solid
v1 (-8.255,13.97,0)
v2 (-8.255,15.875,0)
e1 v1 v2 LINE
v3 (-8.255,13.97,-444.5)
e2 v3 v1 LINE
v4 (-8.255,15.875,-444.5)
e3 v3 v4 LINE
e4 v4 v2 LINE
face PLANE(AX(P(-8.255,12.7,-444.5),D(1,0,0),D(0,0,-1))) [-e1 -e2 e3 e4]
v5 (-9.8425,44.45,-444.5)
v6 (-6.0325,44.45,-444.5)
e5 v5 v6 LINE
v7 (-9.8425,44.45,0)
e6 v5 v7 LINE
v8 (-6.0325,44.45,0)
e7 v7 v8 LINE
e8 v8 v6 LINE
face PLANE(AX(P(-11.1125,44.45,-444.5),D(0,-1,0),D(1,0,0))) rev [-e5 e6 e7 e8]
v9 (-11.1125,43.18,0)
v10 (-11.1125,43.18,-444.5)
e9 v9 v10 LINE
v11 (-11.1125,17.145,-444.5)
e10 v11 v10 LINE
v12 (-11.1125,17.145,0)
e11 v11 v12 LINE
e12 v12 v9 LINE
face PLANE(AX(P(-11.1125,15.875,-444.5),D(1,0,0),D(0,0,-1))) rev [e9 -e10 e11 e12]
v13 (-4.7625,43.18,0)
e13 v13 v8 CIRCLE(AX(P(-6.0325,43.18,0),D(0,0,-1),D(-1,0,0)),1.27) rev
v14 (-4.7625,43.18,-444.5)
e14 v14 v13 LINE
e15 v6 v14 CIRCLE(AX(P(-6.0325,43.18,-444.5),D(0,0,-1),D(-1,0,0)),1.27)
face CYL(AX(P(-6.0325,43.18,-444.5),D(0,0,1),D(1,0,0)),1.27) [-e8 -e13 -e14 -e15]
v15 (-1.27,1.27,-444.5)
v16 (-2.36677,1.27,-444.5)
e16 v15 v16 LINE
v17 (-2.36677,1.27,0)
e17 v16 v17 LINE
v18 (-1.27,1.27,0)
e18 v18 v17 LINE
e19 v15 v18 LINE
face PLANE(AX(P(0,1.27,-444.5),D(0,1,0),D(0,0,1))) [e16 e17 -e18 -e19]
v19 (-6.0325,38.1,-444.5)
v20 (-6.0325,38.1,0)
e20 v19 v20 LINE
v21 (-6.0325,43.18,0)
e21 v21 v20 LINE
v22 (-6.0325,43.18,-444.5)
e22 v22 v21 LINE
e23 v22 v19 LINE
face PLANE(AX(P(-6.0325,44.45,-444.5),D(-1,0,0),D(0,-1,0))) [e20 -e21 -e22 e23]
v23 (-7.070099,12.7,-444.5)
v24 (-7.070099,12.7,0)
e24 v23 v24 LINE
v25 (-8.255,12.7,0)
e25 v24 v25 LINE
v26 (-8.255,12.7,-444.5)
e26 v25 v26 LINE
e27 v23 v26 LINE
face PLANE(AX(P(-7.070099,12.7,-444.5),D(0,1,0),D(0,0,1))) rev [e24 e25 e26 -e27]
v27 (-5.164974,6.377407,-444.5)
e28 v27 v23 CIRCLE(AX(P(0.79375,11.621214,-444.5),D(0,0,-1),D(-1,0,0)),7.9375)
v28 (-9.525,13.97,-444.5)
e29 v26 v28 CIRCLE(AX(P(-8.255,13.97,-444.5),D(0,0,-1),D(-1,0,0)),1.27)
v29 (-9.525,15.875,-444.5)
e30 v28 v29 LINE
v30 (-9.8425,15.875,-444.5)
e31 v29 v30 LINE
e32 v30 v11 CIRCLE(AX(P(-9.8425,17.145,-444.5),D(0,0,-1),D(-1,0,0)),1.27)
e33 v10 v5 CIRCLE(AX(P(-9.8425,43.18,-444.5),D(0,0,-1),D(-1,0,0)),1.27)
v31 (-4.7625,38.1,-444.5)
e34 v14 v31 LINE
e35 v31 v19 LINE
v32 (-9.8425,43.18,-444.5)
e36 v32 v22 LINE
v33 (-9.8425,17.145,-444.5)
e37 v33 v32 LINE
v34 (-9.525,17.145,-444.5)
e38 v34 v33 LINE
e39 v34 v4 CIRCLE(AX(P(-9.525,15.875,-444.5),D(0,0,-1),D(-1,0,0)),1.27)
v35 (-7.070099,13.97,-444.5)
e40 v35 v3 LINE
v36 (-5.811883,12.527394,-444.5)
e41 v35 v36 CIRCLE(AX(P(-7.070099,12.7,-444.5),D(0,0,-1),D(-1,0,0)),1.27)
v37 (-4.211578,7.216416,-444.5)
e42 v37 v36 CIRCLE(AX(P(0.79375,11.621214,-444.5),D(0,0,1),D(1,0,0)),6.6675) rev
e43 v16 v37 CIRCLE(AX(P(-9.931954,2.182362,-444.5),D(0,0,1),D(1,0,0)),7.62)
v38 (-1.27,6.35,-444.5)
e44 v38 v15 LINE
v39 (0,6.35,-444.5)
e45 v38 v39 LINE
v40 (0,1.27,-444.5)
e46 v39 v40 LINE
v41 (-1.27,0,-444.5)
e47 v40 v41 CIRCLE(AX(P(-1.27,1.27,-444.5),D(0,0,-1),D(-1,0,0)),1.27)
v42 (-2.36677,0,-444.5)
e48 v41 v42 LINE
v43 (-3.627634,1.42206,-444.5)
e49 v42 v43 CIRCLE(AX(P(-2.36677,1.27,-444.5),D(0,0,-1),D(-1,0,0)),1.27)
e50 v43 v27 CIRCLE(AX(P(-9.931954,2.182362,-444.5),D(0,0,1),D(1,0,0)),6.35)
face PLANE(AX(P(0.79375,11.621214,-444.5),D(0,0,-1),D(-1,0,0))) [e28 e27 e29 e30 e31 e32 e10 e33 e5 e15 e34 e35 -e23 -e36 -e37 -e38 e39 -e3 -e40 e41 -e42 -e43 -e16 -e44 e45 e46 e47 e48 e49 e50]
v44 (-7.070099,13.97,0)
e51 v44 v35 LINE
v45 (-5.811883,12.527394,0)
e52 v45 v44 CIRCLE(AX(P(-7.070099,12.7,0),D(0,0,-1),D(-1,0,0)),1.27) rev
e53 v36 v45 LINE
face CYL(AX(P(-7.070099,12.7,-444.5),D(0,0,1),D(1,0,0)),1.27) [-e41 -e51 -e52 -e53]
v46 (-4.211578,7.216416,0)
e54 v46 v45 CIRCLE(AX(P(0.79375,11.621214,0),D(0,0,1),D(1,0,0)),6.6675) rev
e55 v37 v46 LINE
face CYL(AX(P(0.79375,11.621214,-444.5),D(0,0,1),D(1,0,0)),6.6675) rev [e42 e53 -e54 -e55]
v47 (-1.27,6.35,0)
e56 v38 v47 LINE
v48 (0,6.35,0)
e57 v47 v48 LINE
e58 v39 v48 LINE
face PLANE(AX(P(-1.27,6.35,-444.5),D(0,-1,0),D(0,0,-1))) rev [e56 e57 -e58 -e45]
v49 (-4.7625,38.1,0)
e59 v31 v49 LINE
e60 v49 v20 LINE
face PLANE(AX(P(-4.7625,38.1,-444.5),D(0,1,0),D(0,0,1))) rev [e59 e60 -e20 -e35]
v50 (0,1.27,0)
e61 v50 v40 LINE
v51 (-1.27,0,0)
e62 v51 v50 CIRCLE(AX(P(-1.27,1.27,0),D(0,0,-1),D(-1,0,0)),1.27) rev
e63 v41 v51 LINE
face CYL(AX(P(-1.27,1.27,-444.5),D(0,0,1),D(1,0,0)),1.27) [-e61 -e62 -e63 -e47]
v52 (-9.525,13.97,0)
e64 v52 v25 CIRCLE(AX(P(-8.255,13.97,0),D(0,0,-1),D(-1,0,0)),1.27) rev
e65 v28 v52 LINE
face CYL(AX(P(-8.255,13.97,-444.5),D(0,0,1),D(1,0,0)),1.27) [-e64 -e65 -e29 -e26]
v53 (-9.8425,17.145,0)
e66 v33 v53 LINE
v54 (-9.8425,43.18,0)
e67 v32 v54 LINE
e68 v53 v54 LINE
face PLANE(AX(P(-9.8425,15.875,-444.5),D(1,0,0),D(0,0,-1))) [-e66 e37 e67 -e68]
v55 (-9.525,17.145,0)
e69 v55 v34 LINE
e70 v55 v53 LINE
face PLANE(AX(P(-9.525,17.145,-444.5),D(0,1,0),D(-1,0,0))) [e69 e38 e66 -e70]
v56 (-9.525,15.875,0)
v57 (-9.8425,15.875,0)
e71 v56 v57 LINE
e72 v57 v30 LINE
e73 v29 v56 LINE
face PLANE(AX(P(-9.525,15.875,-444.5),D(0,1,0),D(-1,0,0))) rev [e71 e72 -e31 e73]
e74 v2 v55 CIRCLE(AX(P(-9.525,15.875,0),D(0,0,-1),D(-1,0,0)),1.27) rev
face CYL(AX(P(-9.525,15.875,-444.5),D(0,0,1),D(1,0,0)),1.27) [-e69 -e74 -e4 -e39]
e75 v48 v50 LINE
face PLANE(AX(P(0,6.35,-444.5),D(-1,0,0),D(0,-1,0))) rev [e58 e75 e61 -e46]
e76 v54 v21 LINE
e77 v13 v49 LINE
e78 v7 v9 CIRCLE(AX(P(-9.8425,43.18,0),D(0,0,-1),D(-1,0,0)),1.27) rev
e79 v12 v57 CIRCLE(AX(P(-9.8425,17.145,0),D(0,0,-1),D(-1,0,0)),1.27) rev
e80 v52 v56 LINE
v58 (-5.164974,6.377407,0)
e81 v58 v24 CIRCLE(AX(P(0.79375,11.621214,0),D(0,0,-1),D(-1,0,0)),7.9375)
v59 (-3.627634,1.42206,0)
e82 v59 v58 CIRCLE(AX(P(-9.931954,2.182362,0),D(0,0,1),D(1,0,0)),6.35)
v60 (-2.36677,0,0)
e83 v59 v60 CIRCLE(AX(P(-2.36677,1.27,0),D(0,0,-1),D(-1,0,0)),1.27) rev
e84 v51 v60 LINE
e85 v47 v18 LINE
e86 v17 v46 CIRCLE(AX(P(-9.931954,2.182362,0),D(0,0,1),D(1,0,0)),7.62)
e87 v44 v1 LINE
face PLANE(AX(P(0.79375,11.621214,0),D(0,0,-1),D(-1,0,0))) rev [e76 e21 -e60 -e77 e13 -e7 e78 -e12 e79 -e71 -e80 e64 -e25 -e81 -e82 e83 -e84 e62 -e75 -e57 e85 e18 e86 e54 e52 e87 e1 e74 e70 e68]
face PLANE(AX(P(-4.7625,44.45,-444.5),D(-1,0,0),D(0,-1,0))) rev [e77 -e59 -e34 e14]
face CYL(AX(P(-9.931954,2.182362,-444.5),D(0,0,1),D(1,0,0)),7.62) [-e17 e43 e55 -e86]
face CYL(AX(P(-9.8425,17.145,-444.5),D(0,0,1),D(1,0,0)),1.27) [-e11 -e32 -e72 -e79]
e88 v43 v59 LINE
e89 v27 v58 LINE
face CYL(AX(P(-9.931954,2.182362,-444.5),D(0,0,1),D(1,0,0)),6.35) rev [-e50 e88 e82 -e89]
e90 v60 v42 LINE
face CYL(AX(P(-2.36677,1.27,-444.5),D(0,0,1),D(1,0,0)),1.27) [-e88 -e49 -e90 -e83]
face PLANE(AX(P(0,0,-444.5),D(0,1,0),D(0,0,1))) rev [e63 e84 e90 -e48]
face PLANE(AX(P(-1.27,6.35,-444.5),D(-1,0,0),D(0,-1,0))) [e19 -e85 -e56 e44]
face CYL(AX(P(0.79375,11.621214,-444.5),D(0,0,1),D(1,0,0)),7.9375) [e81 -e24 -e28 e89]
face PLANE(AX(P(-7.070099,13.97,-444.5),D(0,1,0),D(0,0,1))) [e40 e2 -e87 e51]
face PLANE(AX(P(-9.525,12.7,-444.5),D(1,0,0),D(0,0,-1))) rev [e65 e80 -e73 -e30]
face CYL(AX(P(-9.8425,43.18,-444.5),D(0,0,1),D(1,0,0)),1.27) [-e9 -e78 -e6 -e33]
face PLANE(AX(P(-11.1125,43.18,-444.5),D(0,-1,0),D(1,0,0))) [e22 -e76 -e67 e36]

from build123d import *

# Parameters (mm, degrees)
EXTRUDE_THIN1_DEPTH = 444.5
FILLET1_R           = 1.27


with BuildPart() as part:
    # Sketch1 → Extrude-Thin1 (new body)
    with BuildSketch(Plane.XY):
        with BuildLine():
            Line((0, 6.35), (0, 0))
            Line((0, 0), (-3.96875, 0))
            ThreePointArc((-3.96875, 0), (-3.690796903, 3.353029057), (-5.164974256, 6.37740716))
            ThreePointArc((-5.164974256, 6.37740716), (-6.806228989, 9.331186698), (-7.070099394, 12.7))
            Line((-7.070099394, 12.7), (-9.525, 12.7))
            Line((-9.525, 12.7), (-9.525, 15.875))
            Line((-9.525, 15.875), (-11.1125, 15.875))
            Line((-11.1125, 15.875), (-11.1125, 44.45))
            Line((-11.1125, 44.45), (-4.7625, 44.45))
            Line((-4.7625, 44.45), (-4.7625, 38.1))
            Line((-4.7625, 38.1), (-6.0325, 38.1))
            Line((-6.0325, 38.1), (-6.0325, 43.18))
            Line((-6.0325, 43.18), (-9.8425, 43.18))
            Line((-9.8425, 43.18), (-9.8425, 17.145))
            Line((-9.8425, 17.145), (-8.255, 17.145))
            Line((-8.255, 17.145), (-8.255, 13.97))
            Line((-8.255, 13.97), (-5.446343041, 13.97))
            ThreePointArc((-5.446343041, 13.97), (-5.765030298, 10.42206557), (-4.211578375, 7.216416274))
            ThreePointArc((-4.211578375, 7.216416274), (-2.654146129, 4.440218432), (-2.366770495, 1.27))
            Line((-2.366770495, 1.27), (-1.27, 1.27))
            Line((-1.27, 1.27), (-1.27, 6.35))
            Line((-1.27, 6.35), (0, 6.35))
        make_face()
    extrude(amount=-EXTRUDE_THIN1_DEPTH)

    # Fillet1
    fillet1_edges = [part.edges().sort_by_distance(p)[0] for p in [
        (-8.255, 17.145, -222.25),
        (-5.446343041, 13.97, -222.25),
        (0, 0, -222.25),
        (-3.96875, 0, -222.25),
        (-9.525, 12.7, -222.25),
        (-11.1125, 15.875, -222.25),
        (-11.1125, 44.45, -222.25),
        (-4.7625, 44.45, -222.25),
    ]]
    fillet(fillet1_edges, radius=FILLET1_R)


solid = part.part
